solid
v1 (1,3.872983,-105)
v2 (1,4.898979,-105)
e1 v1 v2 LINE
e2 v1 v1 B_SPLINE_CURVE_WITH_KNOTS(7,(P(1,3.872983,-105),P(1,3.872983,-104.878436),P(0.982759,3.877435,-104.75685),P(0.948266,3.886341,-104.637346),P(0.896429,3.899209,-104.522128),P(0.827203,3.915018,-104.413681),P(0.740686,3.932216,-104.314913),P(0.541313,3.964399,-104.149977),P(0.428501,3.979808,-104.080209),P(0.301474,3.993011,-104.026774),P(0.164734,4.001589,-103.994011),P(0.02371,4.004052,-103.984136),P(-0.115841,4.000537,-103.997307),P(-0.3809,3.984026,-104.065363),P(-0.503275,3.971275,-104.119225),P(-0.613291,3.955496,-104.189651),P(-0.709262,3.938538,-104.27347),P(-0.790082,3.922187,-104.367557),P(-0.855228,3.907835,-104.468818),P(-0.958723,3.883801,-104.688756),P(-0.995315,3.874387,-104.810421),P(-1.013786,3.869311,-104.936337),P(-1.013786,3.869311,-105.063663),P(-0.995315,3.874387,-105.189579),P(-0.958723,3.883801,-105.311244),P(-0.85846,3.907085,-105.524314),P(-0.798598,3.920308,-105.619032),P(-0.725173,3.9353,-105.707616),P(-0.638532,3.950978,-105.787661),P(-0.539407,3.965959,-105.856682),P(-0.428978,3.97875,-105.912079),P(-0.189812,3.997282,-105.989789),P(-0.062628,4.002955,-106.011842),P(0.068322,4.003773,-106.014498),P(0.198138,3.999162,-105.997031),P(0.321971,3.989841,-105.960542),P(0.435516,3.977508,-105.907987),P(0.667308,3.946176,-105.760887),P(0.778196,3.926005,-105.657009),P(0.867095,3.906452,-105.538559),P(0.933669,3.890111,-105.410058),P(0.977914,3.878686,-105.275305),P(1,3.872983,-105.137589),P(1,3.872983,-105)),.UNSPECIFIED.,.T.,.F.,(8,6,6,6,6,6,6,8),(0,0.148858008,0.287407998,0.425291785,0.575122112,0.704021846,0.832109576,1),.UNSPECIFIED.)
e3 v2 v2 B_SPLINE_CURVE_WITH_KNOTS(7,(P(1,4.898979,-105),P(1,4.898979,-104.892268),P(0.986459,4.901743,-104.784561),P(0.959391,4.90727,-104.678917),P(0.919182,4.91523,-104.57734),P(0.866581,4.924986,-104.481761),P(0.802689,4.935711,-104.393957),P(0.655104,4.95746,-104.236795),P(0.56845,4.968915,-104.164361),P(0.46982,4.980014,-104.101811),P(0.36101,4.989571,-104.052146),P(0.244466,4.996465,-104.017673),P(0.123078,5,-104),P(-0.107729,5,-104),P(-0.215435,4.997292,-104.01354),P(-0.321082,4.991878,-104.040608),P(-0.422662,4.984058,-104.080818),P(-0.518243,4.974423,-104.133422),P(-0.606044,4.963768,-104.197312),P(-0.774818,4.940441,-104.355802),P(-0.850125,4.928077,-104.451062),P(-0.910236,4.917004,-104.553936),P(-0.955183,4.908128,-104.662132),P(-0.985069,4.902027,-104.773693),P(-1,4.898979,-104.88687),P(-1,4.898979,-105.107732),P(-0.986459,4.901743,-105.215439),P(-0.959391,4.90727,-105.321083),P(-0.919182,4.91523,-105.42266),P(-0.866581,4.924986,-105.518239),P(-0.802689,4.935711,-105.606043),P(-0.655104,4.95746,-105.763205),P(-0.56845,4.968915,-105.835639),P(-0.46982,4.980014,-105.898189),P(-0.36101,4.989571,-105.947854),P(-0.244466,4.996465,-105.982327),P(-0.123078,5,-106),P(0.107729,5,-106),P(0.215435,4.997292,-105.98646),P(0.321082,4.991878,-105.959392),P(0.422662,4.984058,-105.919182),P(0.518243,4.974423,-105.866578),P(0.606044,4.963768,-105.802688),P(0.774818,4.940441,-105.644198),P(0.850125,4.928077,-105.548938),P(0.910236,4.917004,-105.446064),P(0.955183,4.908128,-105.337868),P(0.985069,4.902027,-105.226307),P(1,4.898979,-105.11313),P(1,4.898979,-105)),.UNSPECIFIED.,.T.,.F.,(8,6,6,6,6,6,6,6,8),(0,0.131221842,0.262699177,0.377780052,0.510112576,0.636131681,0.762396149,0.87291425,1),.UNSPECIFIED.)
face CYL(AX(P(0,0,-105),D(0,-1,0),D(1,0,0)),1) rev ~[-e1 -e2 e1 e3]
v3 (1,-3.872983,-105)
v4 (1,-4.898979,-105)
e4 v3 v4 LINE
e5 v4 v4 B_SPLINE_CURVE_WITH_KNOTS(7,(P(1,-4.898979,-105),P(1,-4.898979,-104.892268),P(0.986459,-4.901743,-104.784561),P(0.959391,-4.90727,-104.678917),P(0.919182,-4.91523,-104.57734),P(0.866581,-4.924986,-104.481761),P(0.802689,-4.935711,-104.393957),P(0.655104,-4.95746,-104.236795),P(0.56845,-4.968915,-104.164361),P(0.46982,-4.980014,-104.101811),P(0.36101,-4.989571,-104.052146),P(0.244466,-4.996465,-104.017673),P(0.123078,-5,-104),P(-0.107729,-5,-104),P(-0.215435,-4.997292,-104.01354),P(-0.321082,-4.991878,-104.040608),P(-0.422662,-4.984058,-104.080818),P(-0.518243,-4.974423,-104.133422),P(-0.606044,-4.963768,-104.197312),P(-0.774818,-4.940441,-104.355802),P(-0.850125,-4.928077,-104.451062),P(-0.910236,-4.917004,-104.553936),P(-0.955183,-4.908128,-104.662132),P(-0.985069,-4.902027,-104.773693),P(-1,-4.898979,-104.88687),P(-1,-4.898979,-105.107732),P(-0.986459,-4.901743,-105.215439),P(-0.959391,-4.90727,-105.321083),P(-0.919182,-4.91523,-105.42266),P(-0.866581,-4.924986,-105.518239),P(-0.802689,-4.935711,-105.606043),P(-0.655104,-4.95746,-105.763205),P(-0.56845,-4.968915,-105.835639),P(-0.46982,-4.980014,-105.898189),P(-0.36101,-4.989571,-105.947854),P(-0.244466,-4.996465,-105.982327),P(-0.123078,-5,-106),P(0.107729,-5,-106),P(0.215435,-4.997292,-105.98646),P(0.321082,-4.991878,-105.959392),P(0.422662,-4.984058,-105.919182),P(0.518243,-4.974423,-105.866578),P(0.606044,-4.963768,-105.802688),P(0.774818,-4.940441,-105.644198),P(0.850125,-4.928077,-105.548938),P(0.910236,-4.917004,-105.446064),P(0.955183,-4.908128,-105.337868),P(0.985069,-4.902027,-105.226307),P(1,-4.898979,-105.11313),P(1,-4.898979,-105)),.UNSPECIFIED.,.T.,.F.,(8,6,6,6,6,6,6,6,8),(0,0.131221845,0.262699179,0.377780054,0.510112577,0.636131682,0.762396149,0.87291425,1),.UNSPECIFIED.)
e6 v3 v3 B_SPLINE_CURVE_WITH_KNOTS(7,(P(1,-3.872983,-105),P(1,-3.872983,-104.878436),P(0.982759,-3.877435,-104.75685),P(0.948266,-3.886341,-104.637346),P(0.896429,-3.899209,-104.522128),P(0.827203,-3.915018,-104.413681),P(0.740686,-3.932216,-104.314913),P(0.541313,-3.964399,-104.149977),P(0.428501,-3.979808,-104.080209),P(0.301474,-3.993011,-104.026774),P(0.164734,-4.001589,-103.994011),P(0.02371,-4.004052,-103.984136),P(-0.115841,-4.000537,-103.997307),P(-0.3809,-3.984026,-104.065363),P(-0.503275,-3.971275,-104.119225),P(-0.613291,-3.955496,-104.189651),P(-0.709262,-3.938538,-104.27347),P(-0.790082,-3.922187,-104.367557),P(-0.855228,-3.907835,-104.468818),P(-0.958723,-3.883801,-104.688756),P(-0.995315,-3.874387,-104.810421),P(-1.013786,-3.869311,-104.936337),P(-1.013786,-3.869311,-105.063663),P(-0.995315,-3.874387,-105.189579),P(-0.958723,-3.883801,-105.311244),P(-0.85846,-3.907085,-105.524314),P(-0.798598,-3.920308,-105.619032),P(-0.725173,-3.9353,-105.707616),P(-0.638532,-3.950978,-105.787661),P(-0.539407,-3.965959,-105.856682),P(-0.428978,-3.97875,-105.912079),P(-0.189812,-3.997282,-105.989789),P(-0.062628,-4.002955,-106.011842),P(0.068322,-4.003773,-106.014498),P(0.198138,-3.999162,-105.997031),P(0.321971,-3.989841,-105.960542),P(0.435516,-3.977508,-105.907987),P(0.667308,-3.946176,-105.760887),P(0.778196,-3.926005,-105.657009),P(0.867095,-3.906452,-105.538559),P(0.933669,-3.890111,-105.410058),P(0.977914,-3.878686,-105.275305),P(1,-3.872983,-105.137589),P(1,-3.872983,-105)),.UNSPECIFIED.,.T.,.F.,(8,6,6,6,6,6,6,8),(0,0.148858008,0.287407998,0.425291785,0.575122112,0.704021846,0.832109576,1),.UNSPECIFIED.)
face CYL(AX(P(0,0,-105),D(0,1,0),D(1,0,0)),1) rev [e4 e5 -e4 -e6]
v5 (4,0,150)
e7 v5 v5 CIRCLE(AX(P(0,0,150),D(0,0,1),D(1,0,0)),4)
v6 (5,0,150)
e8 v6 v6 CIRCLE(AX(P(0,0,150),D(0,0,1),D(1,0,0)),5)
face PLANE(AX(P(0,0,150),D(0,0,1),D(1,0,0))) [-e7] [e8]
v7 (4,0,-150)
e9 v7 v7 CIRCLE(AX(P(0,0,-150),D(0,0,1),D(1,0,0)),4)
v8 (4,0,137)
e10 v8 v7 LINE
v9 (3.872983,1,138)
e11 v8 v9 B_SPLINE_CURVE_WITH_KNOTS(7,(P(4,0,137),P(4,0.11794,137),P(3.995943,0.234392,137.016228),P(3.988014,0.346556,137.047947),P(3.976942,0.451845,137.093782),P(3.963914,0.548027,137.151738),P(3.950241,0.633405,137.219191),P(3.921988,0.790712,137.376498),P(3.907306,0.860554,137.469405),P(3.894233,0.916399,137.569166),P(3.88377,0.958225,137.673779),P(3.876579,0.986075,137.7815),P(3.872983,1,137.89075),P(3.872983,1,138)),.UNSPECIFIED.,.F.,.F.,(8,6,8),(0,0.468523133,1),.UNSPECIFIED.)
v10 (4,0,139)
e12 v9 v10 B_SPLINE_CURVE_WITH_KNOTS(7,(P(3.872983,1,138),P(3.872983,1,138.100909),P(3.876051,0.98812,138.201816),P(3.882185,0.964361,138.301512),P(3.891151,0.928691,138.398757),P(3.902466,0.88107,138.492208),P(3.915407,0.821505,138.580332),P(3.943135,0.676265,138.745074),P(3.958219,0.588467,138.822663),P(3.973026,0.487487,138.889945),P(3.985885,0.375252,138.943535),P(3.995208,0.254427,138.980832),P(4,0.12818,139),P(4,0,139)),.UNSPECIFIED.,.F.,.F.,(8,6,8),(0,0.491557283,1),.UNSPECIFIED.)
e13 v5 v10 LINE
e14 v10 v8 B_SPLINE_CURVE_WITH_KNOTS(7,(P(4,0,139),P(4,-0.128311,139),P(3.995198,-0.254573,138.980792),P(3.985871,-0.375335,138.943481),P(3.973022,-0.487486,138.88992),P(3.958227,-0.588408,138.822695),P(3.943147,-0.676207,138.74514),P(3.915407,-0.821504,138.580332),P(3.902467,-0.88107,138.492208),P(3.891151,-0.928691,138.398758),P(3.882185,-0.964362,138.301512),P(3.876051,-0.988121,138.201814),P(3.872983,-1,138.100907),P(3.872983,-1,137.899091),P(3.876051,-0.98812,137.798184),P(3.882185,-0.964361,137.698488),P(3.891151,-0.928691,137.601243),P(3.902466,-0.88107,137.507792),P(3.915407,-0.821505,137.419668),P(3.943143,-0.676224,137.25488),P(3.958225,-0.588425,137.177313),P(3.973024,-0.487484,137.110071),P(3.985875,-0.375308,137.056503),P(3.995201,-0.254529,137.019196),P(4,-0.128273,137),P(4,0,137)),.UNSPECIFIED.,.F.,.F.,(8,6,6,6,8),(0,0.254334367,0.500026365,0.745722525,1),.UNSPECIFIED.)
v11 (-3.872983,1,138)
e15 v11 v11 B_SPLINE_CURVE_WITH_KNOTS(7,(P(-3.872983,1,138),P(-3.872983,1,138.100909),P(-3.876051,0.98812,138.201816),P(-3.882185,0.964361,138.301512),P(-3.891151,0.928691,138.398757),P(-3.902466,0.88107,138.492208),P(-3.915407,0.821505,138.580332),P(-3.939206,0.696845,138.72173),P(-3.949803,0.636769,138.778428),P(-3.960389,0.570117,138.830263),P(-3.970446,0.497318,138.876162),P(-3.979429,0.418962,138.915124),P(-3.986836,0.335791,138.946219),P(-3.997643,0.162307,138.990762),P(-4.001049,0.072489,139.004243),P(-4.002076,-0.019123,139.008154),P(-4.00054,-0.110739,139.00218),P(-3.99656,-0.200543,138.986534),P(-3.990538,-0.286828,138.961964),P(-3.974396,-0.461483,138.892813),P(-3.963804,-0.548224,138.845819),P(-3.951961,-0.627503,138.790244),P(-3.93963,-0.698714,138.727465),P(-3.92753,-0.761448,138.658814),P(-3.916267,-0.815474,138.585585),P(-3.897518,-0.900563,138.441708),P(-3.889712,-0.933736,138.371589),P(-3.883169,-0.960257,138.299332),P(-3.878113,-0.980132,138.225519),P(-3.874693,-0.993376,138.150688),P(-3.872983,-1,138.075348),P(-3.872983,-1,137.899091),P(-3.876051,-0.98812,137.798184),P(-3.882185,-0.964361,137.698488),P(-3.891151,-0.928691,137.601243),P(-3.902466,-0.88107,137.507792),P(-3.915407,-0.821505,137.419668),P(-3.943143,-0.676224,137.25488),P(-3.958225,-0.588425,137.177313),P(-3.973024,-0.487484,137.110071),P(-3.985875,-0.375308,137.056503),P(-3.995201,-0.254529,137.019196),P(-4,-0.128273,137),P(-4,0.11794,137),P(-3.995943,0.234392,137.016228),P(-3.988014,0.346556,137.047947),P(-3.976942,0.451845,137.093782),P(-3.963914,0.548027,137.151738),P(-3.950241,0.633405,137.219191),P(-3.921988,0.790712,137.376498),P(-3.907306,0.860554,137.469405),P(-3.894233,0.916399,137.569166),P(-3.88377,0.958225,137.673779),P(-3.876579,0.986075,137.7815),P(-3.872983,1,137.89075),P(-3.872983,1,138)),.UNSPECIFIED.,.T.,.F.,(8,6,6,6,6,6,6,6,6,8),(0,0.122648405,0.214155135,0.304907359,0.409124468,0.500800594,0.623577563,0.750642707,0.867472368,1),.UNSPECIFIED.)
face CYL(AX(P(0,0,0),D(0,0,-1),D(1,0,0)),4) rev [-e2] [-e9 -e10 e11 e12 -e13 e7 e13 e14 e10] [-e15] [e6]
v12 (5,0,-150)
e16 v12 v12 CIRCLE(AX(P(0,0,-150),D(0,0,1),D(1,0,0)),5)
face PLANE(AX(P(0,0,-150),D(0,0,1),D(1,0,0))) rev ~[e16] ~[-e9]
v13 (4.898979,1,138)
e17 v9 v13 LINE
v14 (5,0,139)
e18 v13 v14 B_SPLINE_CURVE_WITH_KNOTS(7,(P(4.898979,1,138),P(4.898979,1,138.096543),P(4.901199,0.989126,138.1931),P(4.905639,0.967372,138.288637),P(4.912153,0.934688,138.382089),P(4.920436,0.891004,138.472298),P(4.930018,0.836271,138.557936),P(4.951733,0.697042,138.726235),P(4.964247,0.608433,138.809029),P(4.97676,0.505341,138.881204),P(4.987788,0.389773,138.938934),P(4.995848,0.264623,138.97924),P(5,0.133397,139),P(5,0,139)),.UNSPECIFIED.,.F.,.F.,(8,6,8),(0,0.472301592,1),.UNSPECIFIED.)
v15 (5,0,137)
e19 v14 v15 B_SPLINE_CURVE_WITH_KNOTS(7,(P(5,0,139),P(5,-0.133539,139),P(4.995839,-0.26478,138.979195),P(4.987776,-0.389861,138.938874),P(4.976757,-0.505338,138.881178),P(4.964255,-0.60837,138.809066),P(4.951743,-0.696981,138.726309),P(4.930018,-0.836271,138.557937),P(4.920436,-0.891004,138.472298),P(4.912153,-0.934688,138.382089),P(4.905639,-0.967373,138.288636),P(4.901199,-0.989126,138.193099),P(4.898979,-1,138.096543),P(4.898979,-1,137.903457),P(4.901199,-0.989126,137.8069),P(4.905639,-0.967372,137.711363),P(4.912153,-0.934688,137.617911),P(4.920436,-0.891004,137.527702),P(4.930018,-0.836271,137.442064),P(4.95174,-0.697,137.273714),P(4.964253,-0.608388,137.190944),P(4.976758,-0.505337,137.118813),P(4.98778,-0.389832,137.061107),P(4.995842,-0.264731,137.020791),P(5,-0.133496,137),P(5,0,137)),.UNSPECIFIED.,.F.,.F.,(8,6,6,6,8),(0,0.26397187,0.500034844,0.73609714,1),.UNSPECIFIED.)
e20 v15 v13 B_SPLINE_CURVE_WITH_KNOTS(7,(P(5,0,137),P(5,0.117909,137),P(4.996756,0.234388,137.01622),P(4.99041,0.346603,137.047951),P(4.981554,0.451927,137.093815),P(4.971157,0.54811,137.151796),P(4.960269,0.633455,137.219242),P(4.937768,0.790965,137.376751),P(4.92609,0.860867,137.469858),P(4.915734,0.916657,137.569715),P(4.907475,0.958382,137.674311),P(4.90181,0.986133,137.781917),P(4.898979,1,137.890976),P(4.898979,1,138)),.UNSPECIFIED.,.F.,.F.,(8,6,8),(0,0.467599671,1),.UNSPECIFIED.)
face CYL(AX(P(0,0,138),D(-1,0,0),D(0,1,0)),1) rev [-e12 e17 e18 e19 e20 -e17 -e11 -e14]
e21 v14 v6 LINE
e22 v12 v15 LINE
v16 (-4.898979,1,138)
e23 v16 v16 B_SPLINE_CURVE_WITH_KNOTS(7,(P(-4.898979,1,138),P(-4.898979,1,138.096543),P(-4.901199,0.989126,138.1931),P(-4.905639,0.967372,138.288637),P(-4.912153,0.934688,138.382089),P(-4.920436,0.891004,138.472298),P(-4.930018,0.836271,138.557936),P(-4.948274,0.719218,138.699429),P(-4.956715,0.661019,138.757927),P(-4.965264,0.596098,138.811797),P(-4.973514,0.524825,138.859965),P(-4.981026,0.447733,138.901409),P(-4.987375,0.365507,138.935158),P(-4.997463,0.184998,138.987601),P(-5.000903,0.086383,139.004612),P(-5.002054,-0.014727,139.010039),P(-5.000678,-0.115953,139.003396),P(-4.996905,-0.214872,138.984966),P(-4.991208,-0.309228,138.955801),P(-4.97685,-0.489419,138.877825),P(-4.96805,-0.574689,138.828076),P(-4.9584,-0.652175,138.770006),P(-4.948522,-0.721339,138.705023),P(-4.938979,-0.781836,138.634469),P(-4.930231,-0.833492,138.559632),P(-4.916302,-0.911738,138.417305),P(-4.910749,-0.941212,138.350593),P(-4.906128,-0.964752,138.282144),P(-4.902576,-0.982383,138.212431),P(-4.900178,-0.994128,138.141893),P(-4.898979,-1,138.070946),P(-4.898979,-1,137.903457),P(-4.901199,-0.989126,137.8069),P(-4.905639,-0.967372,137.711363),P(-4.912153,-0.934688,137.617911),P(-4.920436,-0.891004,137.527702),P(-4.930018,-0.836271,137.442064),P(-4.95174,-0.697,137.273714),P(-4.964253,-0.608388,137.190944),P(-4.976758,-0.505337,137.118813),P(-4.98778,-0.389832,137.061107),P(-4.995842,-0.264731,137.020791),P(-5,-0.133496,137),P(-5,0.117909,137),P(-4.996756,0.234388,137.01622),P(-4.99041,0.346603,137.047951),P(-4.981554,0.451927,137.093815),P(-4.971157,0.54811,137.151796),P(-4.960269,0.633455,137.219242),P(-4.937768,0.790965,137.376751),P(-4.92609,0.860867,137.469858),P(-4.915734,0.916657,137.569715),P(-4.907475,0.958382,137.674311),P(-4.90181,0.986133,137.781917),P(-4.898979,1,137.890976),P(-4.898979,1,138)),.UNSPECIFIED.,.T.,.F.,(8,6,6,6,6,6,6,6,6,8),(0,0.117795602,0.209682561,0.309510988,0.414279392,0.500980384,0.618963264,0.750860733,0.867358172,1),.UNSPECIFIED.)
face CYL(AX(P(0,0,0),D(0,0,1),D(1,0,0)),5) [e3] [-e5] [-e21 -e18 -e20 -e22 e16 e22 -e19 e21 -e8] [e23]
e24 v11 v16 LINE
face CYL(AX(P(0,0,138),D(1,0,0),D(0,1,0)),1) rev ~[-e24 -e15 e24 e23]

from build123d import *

# Parameters (mm, degrees)
F0_R          = 5
F0_R_2        = 4
F1_DEPTH      = 150
F2_R          = 1
F3_DEPTH      = 5.001
F3_DEPTH_BACK = 5.001
F4_R          = 1
F5_DEPTH      = 5.0010001
F5_DEPTH_BACK = 5.0010001


with BuildPart() as f1:
    # F0 (on Top) → F1 (new body, symmetric)
    with BuildSketch(Plane.XY):
        Circle(F0_R)
        Circle(F0_R_2, mode=Mode.SUBTRACT)
    extrude(amount=F1_DEPTH, both=True)

    # F2 (on Front) → F3 (cut, two sides)
    with BuildSketch(Plane.XZ) as f3_sk:
        with Locations((0, -105)):
            Circle(F2_R)
    extrude(amount=-F3_DEPTH, mode=Mode.SUBTRACT)
    extrude(f3_sk.sketch, amount=F3_DEPTH_BACK, mode=Mode.SUBTRACT)

    # F4 (on Right) → F5 (cut, two sides)
    with BuildSketch(Plane.YZ) as f5_sk:
        with Locations((0, 138)):
            Circle(F4_R)
    extrude(amount=-F5_DEPTH, mode=Mode.SUBTRACT)
    extrude(f5_sk.sketch, amount=F5_DEPTH_BACK, mode=Mode.SUBTRACT)


solid = f1.part
